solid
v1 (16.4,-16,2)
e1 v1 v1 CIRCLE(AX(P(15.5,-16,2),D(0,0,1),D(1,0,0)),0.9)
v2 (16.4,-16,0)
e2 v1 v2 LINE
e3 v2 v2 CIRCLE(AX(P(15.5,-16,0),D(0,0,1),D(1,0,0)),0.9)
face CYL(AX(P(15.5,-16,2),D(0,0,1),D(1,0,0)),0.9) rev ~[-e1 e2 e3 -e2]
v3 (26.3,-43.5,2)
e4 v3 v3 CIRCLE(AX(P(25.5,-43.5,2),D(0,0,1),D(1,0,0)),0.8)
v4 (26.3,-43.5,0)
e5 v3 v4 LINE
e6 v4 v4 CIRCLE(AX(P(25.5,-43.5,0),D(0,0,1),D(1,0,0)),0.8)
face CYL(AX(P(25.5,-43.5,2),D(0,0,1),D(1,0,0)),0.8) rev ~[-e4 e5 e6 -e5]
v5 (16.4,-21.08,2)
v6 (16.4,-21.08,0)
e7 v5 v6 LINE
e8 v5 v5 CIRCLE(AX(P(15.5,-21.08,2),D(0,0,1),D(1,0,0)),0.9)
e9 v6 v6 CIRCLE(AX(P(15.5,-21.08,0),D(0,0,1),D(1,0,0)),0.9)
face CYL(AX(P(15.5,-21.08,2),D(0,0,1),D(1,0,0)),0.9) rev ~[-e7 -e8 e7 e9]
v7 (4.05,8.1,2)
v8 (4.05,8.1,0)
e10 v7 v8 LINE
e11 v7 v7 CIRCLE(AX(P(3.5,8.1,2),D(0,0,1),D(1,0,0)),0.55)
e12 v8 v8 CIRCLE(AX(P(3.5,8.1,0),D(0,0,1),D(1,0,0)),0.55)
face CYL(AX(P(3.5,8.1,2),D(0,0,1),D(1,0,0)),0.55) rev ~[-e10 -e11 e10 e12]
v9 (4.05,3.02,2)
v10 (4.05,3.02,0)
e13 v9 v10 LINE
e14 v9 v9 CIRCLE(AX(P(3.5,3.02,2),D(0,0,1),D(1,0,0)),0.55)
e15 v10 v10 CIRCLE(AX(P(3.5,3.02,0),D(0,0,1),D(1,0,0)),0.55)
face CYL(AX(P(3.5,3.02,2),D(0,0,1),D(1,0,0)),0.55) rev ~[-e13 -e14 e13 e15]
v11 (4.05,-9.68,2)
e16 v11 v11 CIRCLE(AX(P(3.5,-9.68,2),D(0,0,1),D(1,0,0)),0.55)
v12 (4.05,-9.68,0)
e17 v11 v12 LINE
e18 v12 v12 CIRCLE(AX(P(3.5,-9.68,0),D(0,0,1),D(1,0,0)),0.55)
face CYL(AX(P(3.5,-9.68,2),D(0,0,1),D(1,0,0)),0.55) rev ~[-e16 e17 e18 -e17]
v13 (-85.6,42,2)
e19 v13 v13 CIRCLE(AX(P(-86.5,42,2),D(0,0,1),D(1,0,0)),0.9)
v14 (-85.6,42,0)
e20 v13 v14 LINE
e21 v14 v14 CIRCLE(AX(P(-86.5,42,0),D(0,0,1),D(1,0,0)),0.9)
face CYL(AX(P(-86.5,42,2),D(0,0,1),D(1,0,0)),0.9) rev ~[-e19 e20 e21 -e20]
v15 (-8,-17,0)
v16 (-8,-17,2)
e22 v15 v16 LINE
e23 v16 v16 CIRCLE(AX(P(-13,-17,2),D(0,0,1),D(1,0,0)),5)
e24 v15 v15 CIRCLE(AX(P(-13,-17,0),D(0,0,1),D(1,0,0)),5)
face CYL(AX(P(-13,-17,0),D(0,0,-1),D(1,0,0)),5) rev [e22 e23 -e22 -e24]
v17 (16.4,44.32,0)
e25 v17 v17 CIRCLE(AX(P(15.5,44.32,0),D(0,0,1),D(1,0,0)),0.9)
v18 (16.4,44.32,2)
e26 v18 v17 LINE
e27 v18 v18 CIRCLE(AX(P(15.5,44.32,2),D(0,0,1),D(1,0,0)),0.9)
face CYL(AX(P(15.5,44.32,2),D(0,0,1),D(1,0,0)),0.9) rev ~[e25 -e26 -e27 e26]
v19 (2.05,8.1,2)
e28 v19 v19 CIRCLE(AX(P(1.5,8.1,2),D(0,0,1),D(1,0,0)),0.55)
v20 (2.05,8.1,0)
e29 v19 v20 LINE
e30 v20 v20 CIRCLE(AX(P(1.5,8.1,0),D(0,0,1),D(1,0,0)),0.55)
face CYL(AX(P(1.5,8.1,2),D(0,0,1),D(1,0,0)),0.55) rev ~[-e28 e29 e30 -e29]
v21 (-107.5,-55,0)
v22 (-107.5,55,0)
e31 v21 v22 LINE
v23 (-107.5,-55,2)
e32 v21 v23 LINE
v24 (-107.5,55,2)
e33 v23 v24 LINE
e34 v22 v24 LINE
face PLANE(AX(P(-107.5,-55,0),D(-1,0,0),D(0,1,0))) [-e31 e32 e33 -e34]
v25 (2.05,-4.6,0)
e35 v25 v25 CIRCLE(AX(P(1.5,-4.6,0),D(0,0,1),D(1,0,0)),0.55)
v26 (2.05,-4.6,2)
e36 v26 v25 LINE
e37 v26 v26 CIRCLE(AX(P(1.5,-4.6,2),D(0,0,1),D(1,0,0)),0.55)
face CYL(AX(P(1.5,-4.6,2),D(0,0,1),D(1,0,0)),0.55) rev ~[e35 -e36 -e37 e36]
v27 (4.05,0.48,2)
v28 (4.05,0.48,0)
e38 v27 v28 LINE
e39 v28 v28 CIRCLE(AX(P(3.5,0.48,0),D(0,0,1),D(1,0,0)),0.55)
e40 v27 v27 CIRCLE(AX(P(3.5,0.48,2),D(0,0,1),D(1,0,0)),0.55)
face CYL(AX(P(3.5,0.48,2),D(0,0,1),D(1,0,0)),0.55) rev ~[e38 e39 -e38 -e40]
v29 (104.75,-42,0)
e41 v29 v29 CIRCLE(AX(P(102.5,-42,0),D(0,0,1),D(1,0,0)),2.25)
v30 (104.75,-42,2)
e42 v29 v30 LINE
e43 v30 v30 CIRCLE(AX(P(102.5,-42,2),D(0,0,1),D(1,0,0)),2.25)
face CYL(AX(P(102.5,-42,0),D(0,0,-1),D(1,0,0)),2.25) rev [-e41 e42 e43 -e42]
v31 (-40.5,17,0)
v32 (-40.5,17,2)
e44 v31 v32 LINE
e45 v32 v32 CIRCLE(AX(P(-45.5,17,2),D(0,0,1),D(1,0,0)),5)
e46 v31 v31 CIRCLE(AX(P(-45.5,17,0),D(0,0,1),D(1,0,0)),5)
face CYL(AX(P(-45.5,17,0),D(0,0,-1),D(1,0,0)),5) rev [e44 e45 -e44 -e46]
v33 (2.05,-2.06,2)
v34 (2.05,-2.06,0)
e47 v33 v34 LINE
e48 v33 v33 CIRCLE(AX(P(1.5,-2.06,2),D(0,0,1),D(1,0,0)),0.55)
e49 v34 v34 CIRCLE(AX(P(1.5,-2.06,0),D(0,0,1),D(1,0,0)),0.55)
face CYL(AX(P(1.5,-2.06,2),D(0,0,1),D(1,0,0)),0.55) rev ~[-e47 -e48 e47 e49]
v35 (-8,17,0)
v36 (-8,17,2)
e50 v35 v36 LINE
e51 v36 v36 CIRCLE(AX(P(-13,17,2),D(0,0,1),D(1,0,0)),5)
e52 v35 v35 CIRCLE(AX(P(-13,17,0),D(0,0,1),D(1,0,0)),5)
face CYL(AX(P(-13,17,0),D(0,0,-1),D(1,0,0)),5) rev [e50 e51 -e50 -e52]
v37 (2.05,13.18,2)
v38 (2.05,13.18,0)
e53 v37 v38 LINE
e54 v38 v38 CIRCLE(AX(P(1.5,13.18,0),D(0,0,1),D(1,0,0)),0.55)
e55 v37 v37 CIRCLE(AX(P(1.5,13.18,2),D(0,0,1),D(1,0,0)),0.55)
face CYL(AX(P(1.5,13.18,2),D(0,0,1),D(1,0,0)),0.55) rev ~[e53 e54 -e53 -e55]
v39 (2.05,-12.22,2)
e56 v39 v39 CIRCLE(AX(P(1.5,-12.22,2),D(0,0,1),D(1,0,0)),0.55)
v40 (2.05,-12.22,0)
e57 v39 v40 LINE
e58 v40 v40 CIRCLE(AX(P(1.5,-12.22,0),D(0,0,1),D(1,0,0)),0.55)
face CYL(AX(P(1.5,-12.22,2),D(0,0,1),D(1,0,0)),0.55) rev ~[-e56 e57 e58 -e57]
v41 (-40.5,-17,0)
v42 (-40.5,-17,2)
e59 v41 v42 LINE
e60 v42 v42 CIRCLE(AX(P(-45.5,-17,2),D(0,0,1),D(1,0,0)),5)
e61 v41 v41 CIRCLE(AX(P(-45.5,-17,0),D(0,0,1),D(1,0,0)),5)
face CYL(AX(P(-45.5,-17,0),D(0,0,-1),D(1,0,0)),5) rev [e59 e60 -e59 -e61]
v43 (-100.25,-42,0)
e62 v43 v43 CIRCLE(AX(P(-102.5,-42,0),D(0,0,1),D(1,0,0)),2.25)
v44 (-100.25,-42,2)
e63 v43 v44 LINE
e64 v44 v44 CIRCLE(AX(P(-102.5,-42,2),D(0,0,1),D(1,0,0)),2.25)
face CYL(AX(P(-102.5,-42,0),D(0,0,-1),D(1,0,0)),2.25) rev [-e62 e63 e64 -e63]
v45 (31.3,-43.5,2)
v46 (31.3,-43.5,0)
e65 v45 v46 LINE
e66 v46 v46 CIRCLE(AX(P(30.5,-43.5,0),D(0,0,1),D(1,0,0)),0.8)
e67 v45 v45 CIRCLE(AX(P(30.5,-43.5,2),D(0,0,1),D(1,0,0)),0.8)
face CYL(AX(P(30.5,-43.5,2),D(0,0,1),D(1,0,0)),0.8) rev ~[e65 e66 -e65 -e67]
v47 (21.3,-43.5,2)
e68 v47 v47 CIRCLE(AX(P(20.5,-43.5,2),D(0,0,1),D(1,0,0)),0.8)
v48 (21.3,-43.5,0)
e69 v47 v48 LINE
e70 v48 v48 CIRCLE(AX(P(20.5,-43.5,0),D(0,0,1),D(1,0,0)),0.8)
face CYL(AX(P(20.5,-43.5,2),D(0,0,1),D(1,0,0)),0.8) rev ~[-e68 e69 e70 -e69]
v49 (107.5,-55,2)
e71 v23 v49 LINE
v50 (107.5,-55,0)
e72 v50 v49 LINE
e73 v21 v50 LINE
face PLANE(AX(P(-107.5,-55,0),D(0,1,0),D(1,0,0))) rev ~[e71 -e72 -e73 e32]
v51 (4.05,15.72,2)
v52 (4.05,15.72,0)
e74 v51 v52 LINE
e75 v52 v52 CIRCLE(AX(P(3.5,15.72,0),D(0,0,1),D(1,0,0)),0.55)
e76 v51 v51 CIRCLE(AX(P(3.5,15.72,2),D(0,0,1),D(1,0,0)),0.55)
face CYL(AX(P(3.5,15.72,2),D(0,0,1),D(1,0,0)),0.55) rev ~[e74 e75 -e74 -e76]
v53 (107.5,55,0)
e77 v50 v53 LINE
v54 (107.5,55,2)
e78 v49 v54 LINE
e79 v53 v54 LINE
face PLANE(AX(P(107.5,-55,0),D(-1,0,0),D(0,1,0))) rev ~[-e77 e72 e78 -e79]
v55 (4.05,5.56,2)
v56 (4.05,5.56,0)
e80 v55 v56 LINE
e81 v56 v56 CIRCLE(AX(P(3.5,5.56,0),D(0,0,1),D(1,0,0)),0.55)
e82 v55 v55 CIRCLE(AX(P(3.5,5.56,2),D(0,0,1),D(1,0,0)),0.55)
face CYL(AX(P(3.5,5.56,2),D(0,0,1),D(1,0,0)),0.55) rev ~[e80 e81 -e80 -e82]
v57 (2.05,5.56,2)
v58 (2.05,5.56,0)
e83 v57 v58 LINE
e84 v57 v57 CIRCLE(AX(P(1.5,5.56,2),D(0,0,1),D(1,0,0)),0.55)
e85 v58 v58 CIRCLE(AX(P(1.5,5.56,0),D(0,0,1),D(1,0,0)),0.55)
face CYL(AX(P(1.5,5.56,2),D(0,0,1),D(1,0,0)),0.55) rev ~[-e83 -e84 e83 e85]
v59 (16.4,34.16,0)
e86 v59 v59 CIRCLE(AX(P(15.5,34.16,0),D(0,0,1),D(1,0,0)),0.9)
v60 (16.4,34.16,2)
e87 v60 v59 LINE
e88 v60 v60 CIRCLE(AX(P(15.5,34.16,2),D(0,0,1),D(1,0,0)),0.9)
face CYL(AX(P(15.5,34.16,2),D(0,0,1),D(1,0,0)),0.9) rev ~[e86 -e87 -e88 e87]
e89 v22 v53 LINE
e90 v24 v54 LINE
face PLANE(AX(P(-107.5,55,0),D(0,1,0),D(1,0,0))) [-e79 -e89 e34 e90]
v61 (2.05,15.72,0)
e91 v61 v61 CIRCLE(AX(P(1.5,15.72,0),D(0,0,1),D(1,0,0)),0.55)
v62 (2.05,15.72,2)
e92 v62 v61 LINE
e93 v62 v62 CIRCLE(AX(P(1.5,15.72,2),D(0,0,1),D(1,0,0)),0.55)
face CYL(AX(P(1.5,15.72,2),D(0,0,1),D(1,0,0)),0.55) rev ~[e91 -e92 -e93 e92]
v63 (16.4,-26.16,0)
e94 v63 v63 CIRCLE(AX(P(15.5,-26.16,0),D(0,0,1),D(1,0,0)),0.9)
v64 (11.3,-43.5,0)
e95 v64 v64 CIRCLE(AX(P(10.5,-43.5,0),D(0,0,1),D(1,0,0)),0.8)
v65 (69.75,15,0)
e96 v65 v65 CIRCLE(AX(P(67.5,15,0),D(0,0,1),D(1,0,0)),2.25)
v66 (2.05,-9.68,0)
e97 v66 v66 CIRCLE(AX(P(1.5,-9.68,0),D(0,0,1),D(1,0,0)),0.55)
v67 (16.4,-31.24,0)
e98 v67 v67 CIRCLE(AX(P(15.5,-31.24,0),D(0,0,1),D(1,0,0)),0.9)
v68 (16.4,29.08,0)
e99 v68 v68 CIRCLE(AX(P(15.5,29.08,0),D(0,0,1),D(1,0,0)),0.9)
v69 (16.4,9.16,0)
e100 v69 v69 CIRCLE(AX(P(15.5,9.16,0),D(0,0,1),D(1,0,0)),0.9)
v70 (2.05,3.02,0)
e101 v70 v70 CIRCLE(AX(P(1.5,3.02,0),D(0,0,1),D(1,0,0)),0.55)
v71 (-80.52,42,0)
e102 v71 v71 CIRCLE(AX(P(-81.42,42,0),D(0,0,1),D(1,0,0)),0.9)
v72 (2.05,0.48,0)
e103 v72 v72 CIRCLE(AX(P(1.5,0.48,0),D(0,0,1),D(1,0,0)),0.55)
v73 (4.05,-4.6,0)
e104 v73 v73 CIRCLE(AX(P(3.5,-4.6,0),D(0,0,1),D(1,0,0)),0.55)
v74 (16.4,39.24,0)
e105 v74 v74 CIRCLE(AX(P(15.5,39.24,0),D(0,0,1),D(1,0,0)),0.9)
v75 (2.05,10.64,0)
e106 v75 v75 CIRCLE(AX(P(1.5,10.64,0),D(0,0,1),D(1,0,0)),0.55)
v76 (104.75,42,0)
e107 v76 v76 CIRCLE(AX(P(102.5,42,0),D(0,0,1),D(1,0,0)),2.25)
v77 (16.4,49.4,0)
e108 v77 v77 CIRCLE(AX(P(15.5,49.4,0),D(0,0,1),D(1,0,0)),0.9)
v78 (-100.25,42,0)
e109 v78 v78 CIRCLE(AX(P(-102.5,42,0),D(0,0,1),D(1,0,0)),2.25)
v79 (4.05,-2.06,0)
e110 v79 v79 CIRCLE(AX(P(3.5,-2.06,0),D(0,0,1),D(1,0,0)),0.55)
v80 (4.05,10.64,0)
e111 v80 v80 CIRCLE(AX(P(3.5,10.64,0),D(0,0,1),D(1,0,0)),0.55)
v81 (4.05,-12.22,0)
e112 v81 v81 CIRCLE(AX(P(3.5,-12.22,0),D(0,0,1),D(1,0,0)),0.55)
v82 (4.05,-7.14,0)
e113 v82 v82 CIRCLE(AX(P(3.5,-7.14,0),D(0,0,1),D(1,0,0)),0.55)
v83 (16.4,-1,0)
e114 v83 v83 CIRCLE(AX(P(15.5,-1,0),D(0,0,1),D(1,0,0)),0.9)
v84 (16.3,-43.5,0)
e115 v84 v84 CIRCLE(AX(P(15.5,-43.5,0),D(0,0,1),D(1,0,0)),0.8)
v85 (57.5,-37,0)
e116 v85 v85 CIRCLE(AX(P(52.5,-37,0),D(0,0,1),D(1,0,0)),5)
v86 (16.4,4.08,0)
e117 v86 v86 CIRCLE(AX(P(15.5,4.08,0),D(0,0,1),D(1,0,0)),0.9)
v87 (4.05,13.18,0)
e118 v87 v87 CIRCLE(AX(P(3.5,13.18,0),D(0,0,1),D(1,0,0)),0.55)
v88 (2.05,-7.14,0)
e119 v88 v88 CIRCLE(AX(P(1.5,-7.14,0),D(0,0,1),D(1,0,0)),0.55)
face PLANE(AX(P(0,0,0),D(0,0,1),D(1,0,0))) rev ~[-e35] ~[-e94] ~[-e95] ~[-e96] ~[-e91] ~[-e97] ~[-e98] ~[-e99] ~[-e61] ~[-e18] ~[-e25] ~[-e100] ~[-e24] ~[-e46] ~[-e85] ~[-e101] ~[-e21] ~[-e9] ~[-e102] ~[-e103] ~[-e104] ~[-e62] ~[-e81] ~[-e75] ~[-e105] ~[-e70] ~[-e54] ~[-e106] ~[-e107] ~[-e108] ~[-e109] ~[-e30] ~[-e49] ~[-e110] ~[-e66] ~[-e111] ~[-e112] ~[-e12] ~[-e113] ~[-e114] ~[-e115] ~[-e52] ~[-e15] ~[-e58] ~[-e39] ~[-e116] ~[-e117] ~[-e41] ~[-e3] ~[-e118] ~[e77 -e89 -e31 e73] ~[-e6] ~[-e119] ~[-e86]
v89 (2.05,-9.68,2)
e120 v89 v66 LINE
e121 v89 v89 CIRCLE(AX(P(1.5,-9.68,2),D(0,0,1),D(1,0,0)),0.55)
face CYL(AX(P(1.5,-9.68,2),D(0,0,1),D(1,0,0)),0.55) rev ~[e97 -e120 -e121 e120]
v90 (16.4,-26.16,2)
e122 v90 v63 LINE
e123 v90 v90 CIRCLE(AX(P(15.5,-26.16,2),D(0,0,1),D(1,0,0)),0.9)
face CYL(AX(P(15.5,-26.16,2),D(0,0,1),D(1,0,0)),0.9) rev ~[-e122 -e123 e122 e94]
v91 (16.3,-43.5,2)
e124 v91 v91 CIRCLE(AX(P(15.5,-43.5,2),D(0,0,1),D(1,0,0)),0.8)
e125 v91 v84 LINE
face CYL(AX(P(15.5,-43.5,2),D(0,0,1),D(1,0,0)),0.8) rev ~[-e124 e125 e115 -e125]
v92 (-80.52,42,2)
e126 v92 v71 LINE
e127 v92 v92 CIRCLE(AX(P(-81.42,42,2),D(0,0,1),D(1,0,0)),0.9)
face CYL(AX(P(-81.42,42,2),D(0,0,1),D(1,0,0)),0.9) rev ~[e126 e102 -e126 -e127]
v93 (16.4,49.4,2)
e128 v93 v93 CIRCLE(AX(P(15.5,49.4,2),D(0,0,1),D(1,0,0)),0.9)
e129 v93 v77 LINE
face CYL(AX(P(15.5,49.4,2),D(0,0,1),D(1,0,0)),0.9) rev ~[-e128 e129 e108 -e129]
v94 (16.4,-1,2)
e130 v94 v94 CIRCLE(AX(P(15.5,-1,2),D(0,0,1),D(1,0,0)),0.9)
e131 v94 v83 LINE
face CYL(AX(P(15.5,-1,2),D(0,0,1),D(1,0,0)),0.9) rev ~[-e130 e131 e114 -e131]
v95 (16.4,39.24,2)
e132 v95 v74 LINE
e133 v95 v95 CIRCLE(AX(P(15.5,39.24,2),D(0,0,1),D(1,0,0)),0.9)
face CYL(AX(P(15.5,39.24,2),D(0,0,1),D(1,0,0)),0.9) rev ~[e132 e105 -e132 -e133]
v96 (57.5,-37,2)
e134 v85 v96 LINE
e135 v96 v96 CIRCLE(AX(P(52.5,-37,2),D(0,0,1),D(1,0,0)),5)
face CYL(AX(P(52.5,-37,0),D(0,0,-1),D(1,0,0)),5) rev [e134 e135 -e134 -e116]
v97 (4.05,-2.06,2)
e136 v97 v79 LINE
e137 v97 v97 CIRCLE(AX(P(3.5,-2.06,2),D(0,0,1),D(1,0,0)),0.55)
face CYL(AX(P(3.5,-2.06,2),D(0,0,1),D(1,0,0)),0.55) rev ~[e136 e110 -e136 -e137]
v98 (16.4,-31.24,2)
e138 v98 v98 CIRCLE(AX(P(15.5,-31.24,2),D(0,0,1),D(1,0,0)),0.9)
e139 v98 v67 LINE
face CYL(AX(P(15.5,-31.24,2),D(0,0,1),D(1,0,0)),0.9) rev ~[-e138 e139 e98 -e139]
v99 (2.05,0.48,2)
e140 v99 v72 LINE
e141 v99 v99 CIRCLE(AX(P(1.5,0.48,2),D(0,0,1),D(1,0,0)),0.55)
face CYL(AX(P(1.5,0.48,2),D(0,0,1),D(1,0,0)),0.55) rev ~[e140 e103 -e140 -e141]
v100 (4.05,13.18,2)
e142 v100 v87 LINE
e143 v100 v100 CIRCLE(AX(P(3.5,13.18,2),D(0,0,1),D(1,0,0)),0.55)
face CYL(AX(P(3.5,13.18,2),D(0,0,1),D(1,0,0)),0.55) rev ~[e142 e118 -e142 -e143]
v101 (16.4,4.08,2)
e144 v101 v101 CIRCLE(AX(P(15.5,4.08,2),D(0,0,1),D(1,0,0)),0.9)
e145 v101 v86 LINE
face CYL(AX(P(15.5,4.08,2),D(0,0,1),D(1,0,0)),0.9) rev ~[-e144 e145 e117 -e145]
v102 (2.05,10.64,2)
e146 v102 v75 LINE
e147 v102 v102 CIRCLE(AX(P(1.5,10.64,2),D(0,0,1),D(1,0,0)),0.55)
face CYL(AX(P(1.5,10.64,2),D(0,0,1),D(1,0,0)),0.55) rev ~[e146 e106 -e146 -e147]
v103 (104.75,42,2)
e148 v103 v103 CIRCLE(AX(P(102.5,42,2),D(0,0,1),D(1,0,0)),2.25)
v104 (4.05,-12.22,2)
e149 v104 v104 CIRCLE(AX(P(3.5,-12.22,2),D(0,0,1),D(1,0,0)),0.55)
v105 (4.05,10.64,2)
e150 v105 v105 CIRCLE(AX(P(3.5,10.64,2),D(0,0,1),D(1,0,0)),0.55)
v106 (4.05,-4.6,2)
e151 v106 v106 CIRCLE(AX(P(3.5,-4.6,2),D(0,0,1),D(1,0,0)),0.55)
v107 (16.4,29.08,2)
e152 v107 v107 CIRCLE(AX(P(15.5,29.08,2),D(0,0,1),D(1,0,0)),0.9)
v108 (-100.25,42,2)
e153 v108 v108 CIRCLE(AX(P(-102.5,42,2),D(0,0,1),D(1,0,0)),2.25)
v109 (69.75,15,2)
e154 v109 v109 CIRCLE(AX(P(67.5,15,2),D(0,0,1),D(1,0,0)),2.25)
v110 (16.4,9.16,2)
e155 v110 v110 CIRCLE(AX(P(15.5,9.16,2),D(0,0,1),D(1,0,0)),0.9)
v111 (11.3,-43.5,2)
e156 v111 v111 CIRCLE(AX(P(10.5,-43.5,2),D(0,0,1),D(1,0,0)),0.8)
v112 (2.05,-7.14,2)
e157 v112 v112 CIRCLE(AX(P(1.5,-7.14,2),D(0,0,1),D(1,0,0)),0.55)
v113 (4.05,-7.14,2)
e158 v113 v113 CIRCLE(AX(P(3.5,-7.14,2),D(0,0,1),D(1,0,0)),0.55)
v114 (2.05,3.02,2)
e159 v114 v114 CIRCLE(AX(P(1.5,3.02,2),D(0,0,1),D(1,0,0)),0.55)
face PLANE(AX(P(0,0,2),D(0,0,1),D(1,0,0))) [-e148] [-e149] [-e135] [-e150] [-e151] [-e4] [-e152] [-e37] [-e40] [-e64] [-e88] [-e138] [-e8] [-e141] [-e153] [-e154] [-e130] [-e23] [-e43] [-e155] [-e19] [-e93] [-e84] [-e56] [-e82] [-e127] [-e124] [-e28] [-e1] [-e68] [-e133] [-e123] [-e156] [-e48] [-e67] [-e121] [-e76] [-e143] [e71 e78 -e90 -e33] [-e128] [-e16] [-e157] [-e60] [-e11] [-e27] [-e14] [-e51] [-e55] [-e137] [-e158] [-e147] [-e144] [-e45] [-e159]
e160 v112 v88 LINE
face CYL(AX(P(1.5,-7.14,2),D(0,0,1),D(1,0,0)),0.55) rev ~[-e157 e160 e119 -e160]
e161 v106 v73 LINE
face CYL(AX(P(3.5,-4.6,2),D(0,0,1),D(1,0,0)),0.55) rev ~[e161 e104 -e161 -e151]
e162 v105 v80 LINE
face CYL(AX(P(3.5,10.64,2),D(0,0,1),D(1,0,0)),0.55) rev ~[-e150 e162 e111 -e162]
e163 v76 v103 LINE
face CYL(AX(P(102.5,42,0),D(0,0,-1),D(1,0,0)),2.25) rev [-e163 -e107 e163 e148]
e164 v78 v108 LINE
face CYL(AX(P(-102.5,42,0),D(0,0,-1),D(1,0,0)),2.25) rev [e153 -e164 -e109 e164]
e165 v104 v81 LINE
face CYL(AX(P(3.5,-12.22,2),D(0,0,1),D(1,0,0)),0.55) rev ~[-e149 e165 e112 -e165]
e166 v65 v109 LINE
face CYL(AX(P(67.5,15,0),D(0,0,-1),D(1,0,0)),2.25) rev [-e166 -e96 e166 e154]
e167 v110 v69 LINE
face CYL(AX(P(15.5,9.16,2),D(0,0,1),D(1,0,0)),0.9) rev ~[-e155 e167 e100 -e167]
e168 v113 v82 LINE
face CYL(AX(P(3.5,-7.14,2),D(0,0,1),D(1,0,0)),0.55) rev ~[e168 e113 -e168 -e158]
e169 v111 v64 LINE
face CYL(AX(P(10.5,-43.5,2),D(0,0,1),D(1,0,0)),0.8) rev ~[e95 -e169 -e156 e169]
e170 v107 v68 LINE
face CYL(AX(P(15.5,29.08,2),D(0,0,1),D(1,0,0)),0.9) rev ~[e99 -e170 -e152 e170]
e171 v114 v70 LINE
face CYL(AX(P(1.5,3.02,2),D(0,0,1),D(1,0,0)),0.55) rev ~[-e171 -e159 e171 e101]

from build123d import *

# Parameters (mm, degrees)
SKETCH_1_W                  = 215
SKETCH_1_H                  = 110
SKETCH_1_R                  = 2.25
SKETCH_1_R_2                = 5
EXTRUDE_1_DEPTH             = 2
SKETCH_3_R                  = 0.55
CUT_EXTRUDE_1_DEPTH         = 2
PATTERN_LINEAR_1_COUNT      = 2
PATTERN_LINEAR_1_PITCH      = 2
PATTERN_LINEAR_1_COUNT_DIR2 = 12
PATTERN_LINEAR_1_PITCH_DIR2 = 2.54
SKETCH_4_R                  = 0.9
SKETCH_4_R_2                = 0.8
CUT_EXTRUDE_2_DEPTH         = 2


with BuildPart() as part:
    # Эскиз1 → Вытянуть1 (new body)
    with BuildSketch(Plane.XY):
        Rectangle(SKETCH_1_W, SKETCH_1_H)
        with Locations((-102.5, 42)):
            Circle(SKETCH_1_R, mode=Mode.SUBTRACT)
        with Locations((102.5, 42)):
            Circle(SKETCH_1_R, mode=Mode.SUBTRACT)
        with Locations((102.5, -42)):
            Circle(SKETCH_1_R, mode=Mode.SUBTRACT)
        with Locations((-102.5, -42)):
            Circle(SKETCH_1_R, mode=Mode.SUBTRACT)
        with Locations((-45.5, 17)):
            Circle(SKETCH_1_R_2, mode=Mode.SUBTRACT)
        with Locations((-13, 17)):
            Circle(SKETCH_1_R_2, mode=Mode.SUBTRACT)
        with Locations((-13, -17)):
            Circle(SKETCH_1_R_2, mode=Mode.SUBTRACT)
        with Locations((-45.5, -17)):
            Circle(SKETCH_1_R_2, mode=Mode.SUBTRACT)
        with Locations((52.5, -37)):
            Circle(SKETCH_1_R_2, mode=Mode.SUBTRACT)
        with Locations((67.5, 15)):
            Circle(SKETCH_1_R, mode=Mode.SUBTRACT)
    extrude(amount=EXTRUDE_1_DEPTH)

    # Эскиз3 → Вырез-Вытянуть1 (cut)
    with BuildSketch(Plane.XY.offset(2)):
        with Locations((1.5, 15.72)):
            Circle(SKETCH_3_R)
    cut_extrude_1 = extrude(amount=-CUT_EXTRUDE_1_DEPTH, mode=Mode.SUBTRACT)

    # Линейный массив1: Cut-Extrude 1 2 × 12
    with Locations(*[(i * PATTERN_LINEAR_1_PITCH, -j * PATTERN_LINEAR_1_PITCH_DIR2, 0) for i in range(PATTERN_LINEAR_1_COUNT) for j in range(PATTERN_LINEAR_1_COUNT_DIR2) if (i, j) != (0, 0)]):
        add(cut_extrude_1, mode=Mode.SUBTRACT)

    # Эскиз4 → Вырез-Вытянуть2 (cut)
    with BuildSketch(Plane.XY.offset(2)):
        with Locations((15.5, 49.4)):
            Circle(SKETCH_4_R)
        with Locations((15.5, 44.32)):
            Circle(SKETCH_4_R)
        with Locations((15.5, 39.24)):
            Circle(SKETCH_4_R)
        with Locations((15.5, 34.16)):
            Circle(SKETCH_4_R)
        with Locations((15.5, 29.08)):
            Circle(SKETCH_4_R)
        with Locations((15.5, -16)):
            Circle(SKETCH_4_R)
        with Locations((15.5, 9.16)):
            Circle(SKETCH_4_R)
        with Locations((15.5, 4.08)):
            Circle(SKETCH_4_R)
        with Locations((15.5, -1)):
            Circle(SKETCH_4_R)
        with Locations((15.5, -31.24)):
            Circle(SKETCH_4_R)
        with Locations((15.5, -21.08)):
            Circle(SKETCH_4_R)
        with Locations((15.5, -26.16)):
            Circle(SKETCH_4_R)
        with Locations((-86.5, 42)):
            Circle(SKETCH_4_R)
        with Locations((-81.42, 42)):
            Circle(SKETCH_4_R)
        with Locations((10.5, -43.5)):
            Circle(SKETCH_4_R_2)
        with Locations((15.5, -43.5)):
            Circle(SKETCH_4_R_2)
        with Locations((20.5, -43.5)):
            Circle(SKETCH_4_R_2)
        with Locations((25.5, -43.5)):
            Circle(SKETCH_4_R_2)
        with Locations((30.5, -43.5)):
            Circle(SKETCH_4_R_2)
    extrude(amount=-CUT_EXTRUDE_2_DEPTH, mode=Mode.SUBTRACT)


solid = part.part
